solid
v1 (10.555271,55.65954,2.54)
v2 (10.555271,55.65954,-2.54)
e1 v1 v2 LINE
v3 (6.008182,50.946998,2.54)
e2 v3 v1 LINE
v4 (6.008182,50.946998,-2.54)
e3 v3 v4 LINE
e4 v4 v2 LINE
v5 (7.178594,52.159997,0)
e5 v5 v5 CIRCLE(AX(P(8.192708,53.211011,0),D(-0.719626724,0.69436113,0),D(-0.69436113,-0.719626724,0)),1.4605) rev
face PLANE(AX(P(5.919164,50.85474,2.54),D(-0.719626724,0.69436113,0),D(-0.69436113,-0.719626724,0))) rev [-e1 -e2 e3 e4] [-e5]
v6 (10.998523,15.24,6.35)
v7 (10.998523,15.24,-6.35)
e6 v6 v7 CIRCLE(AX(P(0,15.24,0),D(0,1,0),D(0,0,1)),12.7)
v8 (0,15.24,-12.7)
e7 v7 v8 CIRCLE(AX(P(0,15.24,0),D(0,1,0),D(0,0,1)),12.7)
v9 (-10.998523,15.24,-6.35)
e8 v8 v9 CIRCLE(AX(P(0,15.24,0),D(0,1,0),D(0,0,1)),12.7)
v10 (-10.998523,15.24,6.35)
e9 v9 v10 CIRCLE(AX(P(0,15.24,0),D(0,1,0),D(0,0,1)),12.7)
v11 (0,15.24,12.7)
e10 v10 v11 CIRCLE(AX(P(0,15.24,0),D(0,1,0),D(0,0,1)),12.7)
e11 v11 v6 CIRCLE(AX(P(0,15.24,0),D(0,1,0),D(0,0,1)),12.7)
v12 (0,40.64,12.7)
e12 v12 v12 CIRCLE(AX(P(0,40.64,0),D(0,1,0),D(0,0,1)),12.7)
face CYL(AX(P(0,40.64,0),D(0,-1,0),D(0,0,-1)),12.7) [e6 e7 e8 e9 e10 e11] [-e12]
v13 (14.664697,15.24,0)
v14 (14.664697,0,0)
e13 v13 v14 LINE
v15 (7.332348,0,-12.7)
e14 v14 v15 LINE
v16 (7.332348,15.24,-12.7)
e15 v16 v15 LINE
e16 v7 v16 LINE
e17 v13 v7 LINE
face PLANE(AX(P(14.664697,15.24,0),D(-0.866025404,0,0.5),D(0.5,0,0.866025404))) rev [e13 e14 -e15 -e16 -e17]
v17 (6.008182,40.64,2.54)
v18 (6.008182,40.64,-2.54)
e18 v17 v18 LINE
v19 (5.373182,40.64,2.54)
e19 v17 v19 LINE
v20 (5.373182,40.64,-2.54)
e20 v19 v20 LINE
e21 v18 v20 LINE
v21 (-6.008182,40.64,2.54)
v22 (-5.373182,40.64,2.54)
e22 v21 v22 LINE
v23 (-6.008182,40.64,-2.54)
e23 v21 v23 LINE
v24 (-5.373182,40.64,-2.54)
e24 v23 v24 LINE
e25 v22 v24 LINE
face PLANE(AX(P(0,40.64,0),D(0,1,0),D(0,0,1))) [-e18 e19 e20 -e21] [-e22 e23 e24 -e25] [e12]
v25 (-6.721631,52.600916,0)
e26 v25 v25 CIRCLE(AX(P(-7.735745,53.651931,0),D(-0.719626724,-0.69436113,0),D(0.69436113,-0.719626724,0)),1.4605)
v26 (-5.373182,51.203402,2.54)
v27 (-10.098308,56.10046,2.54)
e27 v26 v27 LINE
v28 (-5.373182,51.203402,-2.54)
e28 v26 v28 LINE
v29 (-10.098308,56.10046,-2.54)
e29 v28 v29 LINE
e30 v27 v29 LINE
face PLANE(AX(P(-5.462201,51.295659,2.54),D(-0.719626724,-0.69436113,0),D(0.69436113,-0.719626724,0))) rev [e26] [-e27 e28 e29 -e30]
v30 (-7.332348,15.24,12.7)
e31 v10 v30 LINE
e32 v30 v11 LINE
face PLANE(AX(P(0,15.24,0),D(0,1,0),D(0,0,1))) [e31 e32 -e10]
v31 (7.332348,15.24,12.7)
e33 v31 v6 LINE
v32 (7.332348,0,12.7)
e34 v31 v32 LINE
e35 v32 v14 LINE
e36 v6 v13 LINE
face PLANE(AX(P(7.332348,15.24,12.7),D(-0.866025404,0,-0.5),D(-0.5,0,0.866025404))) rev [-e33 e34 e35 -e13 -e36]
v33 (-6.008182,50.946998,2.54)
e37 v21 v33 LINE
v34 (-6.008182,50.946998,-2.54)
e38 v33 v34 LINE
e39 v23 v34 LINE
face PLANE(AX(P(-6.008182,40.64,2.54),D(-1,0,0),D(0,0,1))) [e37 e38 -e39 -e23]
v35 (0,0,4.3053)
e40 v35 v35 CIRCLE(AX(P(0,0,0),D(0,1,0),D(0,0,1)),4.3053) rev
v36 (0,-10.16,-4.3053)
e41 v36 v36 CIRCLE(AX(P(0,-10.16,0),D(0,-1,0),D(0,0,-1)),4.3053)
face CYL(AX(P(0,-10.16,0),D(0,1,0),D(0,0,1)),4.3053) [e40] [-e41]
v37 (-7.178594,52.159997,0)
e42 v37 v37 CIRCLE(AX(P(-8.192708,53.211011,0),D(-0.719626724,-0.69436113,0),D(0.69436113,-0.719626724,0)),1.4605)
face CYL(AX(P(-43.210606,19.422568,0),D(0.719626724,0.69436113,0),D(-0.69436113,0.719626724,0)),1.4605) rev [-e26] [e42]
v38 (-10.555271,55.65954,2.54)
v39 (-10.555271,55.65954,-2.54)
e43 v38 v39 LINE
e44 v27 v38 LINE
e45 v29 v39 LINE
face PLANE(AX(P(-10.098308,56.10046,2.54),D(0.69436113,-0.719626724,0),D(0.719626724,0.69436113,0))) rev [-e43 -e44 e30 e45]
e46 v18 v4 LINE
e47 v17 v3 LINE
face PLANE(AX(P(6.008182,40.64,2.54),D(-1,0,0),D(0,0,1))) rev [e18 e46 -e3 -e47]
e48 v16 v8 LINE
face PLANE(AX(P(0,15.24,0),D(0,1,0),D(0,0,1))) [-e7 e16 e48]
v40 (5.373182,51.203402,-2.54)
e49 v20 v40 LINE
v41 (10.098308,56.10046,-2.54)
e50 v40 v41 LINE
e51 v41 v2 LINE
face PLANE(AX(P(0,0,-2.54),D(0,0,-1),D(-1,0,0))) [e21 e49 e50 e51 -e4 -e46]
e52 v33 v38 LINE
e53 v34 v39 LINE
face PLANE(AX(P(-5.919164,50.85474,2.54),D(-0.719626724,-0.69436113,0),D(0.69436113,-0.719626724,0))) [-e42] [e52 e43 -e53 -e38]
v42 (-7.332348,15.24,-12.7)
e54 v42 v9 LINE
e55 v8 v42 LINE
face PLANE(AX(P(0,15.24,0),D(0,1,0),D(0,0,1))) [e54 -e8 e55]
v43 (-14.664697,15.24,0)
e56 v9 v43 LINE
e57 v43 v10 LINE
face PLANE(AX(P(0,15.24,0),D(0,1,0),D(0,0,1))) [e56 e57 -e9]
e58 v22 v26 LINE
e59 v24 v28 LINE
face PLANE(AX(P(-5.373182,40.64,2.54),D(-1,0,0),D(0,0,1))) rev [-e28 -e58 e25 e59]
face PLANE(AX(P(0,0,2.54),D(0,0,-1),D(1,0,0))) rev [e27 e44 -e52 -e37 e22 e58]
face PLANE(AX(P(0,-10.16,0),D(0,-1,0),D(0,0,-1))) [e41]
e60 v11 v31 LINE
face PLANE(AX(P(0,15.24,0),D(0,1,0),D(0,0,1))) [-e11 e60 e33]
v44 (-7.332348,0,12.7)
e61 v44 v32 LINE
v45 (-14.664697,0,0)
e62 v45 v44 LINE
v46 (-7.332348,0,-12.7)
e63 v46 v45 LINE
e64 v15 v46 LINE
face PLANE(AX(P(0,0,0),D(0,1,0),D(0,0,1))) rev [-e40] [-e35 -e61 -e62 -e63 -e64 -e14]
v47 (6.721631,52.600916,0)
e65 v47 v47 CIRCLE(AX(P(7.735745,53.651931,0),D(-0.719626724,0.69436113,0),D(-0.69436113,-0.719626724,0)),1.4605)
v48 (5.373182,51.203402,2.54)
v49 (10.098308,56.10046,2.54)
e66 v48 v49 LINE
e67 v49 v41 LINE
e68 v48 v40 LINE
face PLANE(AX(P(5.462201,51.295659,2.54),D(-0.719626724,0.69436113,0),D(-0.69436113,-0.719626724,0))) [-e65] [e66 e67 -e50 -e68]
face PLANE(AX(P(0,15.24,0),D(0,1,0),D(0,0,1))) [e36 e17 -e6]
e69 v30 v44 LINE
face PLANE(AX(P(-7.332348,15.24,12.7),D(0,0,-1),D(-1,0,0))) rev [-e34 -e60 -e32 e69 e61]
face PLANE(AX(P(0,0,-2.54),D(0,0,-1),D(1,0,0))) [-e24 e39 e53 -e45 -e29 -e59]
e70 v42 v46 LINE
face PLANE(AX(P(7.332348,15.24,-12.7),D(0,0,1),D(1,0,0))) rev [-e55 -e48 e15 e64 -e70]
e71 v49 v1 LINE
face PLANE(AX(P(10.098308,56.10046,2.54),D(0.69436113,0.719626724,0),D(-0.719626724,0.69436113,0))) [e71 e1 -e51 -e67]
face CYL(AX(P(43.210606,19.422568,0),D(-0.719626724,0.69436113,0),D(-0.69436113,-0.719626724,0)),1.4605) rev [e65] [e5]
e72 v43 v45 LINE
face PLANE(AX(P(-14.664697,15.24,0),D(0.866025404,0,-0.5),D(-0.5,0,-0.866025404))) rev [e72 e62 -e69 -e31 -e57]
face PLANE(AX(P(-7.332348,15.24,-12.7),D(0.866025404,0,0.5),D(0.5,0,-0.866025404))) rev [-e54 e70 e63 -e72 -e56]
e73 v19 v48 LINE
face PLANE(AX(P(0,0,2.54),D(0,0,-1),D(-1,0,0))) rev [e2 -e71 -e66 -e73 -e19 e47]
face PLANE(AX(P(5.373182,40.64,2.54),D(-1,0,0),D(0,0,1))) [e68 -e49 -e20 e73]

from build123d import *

# Parameters (mm, degrees)
BOSS_EXTRUDE1_DEPTH = 15.24
SKETCH3_R           = 12.7
BOSS_EXTRUDE2_DEPTH = 25.4
SKETCH4_R           = 4.3053
BOSS_EXTRUDE3_DEPTH = 10.16
EXTRUDE_THIN1_DEPTH = 2.54
SKETCH6_R           = 1.4605
CUT_EXTRUDE1_DEPTH  = 0.635


with BuildPart() as part:
    # Sketch2 → Boss-Extrude1 (new body)
    with BuildSketch(Plane(origin=(0, 0, 0), x_dir=(1, 0, 0), z_dir=(0, 1, 0))):
        Polygon((7.332348419, 12.7), (-7.332348419, 12.7), (-14.664696837, 0), (-7.332348419, -12.7), (7.332348419, -12.7), (14.664696837, 0), align=None)
    extrude(amount=BOSS_EXTRUDE1_DEPTH)

    # Sketch3 → Boss-Extrude2 (add)
    with BuildSketch(Plane(origin=(0, 15.24, 0), x_dir=(1, 0, 0), z_dir=(0, 1, 0))):
        Circle(SKETCH3_R)
    extrude(amount=BOSS_EXTRUDE2_DEPTH)

    # Sketch4 → Boss-Extrude3 (add)
    with BuildSketch(Plane.XZ):
        Circle(SKETCH4_R)
    extrude(amount=BOSS_EXTRUDE3_DEPTH)

    # Sketch5 → Extrude-Thin1 (add, symmetric)
    with BuildSketch(Plane.XY):
        Polygon((6.008182396, 40.64), (6.008182396, 50.946997676), (10.555270964, 55.659540341), (10.098307994, 56.100459659), (5.373182396, 51.203401761), (5.373182396, 40.64), align=None)
    extrude_thin1 = extrude(amount=EXTRUDE_THIN1_DEPTH, both=True)

    # Sketch6 → Cut-Extrude1 (cut)
    with BuildSketch(Plane(origin=(-22.802787707, 22.00219768, 0), x_dir=(0, 0, 1), z_dir=(-0.719626724, 0.69436113, 0))):
        with Locations((0, 43.980763894)):
            Circle(SKETCH6_R)
    cut_extrude1 = extrude(amount=-CUT_EXTRUDE1_DEPTH, mode=Mode.SUBTRACT)

    # Mirror1: Extrude-Thin1, Cut-Extrude1 across plane
    add(extrude_thin1.mirror(Plane(origin=(0, 0, 0), x_dir=(0, 0, 1), z_dir=(1, 0, 0))))
    add(cut_extrude1.mirror(Plane(origin=(0, 0, 0), x_dir=(0, 0, 1), z_dir=(1, 0, 0))), mode=Mode.SUBTRACT)


solid = part.part
